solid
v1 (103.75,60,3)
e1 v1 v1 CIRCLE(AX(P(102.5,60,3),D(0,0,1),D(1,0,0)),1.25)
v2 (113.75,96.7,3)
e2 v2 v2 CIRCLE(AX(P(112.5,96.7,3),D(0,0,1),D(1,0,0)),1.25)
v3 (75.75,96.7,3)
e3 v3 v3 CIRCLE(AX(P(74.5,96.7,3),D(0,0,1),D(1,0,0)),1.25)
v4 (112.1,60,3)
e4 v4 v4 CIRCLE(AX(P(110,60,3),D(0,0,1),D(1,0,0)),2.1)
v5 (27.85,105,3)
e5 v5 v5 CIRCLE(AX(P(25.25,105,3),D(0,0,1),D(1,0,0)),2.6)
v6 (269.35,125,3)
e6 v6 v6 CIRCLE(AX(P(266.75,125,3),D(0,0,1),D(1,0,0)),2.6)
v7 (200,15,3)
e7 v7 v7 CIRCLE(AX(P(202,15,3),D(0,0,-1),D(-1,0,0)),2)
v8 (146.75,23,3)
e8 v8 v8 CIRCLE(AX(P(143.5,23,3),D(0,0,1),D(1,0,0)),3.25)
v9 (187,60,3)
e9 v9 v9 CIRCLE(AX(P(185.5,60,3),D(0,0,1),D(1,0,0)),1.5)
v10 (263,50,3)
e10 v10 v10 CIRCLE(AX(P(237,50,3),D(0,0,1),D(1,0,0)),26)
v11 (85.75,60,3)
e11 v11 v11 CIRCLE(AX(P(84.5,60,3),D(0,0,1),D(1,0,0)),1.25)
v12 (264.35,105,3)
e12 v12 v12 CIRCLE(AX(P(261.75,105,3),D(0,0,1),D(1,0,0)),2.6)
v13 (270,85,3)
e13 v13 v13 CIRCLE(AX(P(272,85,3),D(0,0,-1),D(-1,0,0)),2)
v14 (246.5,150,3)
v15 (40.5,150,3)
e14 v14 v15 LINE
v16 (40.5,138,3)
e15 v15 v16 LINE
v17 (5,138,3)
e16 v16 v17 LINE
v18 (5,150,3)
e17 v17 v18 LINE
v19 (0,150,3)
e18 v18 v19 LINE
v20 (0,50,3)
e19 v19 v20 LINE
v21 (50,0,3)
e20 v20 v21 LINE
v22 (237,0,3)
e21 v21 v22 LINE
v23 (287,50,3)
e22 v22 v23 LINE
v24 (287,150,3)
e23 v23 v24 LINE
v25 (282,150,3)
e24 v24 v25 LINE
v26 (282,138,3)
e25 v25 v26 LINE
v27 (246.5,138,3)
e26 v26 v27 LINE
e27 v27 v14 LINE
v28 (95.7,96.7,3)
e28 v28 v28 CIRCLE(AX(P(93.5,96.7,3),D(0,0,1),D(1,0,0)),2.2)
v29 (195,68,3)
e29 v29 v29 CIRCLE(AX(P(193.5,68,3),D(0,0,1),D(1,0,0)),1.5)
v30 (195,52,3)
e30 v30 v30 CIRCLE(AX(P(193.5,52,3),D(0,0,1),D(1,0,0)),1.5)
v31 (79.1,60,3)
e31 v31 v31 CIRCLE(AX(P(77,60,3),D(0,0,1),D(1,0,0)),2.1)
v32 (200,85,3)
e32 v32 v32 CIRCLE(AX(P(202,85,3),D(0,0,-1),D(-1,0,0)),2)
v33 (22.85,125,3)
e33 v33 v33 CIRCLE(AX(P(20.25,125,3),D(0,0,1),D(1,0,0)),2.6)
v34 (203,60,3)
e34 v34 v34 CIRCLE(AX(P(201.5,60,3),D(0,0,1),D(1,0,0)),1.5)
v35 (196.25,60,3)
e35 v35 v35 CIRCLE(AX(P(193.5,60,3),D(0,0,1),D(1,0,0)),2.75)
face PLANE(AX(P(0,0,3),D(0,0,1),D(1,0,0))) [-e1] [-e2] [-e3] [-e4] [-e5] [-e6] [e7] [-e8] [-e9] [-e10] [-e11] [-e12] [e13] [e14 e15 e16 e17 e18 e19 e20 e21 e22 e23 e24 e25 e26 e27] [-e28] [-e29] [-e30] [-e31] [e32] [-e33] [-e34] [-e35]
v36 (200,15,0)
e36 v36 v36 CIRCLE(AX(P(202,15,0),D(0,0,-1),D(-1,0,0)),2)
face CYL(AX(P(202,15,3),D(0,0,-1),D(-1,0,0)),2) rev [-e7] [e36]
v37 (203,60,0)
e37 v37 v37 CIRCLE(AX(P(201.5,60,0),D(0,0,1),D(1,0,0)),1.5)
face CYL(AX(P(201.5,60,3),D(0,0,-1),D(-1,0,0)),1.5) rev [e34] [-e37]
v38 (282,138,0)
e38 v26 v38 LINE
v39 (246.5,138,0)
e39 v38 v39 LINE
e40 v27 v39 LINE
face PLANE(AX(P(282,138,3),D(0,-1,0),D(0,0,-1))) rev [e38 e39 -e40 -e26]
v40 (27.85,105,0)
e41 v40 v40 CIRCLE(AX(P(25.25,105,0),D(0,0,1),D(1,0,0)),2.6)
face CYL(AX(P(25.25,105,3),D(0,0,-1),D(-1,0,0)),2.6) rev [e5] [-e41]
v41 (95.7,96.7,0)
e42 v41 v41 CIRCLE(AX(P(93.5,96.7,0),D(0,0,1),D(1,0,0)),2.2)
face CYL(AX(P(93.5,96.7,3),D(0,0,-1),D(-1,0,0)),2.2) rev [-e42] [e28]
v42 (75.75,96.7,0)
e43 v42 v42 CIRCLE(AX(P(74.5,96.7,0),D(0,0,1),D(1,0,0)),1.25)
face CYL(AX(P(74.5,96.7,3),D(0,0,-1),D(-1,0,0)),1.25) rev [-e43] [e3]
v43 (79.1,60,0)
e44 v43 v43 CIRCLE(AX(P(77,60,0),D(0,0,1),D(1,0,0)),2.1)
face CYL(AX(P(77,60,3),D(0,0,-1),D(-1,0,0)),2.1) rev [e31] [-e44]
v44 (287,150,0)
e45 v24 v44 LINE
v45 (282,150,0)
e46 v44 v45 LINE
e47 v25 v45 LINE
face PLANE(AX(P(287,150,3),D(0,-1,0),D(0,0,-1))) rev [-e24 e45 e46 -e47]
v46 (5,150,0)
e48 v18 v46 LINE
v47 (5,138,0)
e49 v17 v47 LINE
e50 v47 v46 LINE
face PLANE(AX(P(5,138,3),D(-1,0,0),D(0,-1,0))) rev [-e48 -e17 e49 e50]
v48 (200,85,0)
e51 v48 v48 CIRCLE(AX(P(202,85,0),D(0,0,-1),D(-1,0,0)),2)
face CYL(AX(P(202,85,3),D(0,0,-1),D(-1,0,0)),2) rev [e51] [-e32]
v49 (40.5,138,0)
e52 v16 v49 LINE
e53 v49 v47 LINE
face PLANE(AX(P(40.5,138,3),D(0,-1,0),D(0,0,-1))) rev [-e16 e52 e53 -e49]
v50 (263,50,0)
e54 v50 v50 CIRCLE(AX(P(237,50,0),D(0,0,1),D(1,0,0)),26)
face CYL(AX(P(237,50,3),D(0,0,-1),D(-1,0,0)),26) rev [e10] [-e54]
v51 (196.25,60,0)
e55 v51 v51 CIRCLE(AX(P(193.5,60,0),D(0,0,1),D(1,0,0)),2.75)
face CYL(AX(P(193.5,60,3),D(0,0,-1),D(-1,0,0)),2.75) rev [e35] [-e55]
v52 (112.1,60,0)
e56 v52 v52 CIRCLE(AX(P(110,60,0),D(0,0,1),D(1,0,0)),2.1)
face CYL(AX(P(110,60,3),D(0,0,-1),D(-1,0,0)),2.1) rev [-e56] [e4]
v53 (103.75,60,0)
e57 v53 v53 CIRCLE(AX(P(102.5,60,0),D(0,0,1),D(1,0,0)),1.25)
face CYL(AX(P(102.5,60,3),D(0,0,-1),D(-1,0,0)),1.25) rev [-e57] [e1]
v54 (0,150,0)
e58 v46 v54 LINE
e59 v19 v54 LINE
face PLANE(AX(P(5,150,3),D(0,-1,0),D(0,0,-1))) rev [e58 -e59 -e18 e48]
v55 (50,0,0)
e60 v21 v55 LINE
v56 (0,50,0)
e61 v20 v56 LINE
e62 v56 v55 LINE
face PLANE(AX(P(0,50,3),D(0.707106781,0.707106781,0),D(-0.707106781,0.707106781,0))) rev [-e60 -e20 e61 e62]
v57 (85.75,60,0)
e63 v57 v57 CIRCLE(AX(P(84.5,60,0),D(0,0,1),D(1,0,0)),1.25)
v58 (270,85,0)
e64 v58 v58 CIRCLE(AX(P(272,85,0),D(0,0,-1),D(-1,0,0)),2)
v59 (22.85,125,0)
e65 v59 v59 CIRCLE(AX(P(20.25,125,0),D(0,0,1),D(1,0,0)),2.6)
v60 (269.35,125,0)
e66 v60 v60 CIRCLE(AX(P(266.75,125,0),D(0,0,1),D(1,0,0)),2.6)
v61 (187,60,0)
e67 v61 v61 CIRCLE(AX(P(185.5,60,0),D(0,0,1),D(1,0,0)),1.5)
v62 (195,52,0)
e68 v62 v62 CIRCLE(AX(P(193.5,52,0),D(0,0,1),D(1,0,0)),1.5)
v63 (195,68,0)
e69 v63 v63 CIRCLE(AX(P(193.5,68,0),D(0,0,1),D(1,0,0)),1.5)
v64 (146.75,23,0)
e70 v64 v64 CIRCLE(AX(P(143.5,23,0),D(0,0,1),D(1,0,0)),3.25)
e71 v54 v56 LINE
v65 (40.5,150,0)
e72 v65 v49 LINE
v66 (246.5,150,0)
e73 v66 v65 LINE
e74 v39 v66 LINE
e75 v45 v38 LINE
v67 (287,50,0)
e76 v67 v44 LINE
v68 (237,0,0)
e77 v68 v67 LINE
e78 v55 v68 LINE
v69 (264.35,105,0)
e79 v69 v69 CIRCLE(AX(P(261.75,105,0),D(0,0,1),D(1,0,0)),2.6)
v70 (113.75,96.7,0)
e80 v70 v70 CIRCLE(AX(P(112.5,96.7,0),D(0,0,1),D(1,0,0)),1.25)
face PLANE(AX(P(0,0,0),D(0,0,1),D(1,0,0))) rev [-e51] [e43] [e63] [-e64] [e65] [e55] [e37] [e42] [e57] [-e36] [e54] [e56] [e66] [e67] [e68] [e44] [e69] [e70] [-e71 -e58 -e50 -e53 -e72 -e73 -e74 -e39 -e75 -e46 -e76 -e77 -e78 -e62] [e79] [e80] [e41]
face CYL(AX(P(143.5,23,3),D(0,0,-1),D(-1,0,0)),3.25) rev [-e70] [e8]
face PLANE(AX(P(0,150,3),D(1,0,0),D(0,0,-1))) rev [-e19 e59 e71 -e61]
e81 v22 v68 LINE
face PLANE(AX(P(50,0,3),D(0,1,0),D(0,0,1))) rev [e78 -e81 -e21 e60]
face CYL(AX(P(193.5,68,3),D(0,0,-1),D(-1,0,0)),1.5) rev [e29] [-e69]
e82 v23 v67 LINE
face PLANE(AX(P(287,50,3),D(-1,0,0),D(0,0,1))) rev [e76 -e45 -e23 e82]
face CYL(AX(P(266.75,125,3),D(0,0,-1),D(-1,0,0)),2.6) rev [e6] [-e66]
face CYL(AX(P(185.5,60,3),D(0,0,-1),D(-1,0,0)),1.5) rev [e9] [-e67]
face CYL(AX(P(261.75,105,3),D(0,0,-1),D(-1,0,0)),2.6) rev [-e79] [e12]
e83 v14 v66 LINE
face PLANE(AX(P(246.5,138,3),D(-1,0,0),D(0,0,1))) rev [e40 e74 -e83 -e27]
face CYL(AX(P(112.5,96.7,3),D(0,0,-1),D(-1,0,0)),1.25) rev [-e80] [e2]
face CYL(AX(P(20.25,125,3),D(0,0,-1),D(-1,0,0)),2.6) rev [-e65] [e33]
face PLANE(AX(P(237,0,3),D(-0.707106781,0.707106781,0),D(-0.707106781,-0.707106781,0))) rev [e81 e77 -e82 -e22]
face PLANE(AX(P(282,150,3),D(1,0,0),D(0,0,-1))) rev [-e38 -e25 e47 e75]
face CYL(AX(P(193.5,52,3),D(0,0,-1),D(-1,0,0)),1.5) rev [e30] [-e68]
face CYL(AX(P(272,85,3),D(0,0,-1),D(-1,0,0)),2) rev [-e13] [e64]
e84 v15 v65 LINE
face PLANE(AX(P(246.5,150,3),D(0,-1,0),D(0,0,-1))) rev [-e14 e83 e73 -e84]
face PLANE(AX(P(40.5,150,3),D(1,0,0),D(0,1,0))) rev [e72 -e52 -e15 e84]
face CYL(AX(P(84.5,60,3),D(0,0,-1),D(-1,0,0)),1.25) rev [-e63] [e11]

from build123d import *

# Parameters (mm, degrees)
MODEL_R             = 2.6
MODEL_R_2           = 1.25
MODEL_R_3           = 2.2
MODEL_R_4           = 2.1
MODEL_R_5           = 2.75
MODEL_R_6           = 1.5
MODEL_R_7           = 3.25
MODEL_R_8           = 26
BOSS_EXTRUDE1_DEPTH = 3
SKETCH1_R           = 2
CUT_EXTRUDE1_DEPTH  = 4


with BuildPart() as part:
    # Model → Boss-Extrude1 (new body)
    with BuildSketch(Plane.XY):
        Polygon((5, 150), (0, 150), (0, 50), (50, 0), (237, 0), (287, 50), (287, 150), (282, 150), (282, 138), (246.5, 138), (246.5, 150), (40.5, 150), (40.5, 138), (5, 138), align=None)
        with Locations((266.75, 125)):
            Circle(MODEL_R, mode=Mode.SUBTRACT)
        with Locations((261.75, 105)):
            Circle(MODEL_R, mode=Mode.SUBTRACT)
        with Locations((25.25, 105)):
            Circle(MODEL_R, mode=Mode.SUBTRACT)
        with Locations((20.25, 125)):
            Circle(MODEL_R, mode=Mode.SUBTRACT)
        with Locations((74.5, 96.7)):
            Circle(MODEL_R_2, mode=Mode.SUBTRACT)
        with Locations((93.5, 96.7)):
            Circle(MODEL_R_3, mode=Mode.SUBTRACT)
        with Locations((110, 60)):
            Circle(MODEL_R_4, mode=Mode.SUBTRACT)
        with Locations((77, 60)):
            Circle(MODEL_R_4, mode=Mode.SUBTRACT)
        with Locations((84.5, 60)):
            Circle(MODEL_R_2, mode=Mode.SUBTRACT)
        with Locations((102.5, 60)):
            Circle(MODEL_R_2, mode=Mode.SUBTRACT)
        with Locations((112.5, 96.7)):
            Circle(MODEL_R_2, mode=Mode.SUBTRACT)
        with Locations((193.5, 60)):
            Circle(MODEL_R_5, mode=Mode.SUBTRACT)
        with Locations((201.5, 60)):
            Circle(MODEL_R_6, mode=Mode.SUBTRACT)
        with Locations((185.5, 60)):
            Circle(MODEL_R_6, mode=Mode.SUBTRACT)
        with Locations((143.5, 23)):
            Circle(MODEL_R_7, mode=Mode.SUBTRACT)
        with Locations((193.5, 68)):
            Circle(MODEL_R_6, mode=Mode.SUBTRACT)
        with Locations((193.5, 52)):
            Circle(MODEL_R_6, mode=Mode.SUBTRACT)
        with Locations((237, 50)):
            Circle(MODEL_R_8, mode=Mode.SUBTRACT)
    extrude(amount=BOSS_EXTRUDE1_DEPTH)

    # Sketch1 → Cut-Extrude1 (cut, through all)
    with BuildSketch(Plane(origin=(0, 0, 0), x_dir=(-1, 0, 0), z_dir=(0, 0, -1))):
        with Locations((-202, 85)):
            Circle(SKETCH1_R)
        with Locations((-202, 15)):
            Circle(SKETCH1_R)
        with Locations((-272, 85)):
            Circle(SKETCH1_R)
    extrude(amount=-CUT_EXTRUDE1_DEPTH, mode=Mode.SUBTRACT)


solid = part.part
